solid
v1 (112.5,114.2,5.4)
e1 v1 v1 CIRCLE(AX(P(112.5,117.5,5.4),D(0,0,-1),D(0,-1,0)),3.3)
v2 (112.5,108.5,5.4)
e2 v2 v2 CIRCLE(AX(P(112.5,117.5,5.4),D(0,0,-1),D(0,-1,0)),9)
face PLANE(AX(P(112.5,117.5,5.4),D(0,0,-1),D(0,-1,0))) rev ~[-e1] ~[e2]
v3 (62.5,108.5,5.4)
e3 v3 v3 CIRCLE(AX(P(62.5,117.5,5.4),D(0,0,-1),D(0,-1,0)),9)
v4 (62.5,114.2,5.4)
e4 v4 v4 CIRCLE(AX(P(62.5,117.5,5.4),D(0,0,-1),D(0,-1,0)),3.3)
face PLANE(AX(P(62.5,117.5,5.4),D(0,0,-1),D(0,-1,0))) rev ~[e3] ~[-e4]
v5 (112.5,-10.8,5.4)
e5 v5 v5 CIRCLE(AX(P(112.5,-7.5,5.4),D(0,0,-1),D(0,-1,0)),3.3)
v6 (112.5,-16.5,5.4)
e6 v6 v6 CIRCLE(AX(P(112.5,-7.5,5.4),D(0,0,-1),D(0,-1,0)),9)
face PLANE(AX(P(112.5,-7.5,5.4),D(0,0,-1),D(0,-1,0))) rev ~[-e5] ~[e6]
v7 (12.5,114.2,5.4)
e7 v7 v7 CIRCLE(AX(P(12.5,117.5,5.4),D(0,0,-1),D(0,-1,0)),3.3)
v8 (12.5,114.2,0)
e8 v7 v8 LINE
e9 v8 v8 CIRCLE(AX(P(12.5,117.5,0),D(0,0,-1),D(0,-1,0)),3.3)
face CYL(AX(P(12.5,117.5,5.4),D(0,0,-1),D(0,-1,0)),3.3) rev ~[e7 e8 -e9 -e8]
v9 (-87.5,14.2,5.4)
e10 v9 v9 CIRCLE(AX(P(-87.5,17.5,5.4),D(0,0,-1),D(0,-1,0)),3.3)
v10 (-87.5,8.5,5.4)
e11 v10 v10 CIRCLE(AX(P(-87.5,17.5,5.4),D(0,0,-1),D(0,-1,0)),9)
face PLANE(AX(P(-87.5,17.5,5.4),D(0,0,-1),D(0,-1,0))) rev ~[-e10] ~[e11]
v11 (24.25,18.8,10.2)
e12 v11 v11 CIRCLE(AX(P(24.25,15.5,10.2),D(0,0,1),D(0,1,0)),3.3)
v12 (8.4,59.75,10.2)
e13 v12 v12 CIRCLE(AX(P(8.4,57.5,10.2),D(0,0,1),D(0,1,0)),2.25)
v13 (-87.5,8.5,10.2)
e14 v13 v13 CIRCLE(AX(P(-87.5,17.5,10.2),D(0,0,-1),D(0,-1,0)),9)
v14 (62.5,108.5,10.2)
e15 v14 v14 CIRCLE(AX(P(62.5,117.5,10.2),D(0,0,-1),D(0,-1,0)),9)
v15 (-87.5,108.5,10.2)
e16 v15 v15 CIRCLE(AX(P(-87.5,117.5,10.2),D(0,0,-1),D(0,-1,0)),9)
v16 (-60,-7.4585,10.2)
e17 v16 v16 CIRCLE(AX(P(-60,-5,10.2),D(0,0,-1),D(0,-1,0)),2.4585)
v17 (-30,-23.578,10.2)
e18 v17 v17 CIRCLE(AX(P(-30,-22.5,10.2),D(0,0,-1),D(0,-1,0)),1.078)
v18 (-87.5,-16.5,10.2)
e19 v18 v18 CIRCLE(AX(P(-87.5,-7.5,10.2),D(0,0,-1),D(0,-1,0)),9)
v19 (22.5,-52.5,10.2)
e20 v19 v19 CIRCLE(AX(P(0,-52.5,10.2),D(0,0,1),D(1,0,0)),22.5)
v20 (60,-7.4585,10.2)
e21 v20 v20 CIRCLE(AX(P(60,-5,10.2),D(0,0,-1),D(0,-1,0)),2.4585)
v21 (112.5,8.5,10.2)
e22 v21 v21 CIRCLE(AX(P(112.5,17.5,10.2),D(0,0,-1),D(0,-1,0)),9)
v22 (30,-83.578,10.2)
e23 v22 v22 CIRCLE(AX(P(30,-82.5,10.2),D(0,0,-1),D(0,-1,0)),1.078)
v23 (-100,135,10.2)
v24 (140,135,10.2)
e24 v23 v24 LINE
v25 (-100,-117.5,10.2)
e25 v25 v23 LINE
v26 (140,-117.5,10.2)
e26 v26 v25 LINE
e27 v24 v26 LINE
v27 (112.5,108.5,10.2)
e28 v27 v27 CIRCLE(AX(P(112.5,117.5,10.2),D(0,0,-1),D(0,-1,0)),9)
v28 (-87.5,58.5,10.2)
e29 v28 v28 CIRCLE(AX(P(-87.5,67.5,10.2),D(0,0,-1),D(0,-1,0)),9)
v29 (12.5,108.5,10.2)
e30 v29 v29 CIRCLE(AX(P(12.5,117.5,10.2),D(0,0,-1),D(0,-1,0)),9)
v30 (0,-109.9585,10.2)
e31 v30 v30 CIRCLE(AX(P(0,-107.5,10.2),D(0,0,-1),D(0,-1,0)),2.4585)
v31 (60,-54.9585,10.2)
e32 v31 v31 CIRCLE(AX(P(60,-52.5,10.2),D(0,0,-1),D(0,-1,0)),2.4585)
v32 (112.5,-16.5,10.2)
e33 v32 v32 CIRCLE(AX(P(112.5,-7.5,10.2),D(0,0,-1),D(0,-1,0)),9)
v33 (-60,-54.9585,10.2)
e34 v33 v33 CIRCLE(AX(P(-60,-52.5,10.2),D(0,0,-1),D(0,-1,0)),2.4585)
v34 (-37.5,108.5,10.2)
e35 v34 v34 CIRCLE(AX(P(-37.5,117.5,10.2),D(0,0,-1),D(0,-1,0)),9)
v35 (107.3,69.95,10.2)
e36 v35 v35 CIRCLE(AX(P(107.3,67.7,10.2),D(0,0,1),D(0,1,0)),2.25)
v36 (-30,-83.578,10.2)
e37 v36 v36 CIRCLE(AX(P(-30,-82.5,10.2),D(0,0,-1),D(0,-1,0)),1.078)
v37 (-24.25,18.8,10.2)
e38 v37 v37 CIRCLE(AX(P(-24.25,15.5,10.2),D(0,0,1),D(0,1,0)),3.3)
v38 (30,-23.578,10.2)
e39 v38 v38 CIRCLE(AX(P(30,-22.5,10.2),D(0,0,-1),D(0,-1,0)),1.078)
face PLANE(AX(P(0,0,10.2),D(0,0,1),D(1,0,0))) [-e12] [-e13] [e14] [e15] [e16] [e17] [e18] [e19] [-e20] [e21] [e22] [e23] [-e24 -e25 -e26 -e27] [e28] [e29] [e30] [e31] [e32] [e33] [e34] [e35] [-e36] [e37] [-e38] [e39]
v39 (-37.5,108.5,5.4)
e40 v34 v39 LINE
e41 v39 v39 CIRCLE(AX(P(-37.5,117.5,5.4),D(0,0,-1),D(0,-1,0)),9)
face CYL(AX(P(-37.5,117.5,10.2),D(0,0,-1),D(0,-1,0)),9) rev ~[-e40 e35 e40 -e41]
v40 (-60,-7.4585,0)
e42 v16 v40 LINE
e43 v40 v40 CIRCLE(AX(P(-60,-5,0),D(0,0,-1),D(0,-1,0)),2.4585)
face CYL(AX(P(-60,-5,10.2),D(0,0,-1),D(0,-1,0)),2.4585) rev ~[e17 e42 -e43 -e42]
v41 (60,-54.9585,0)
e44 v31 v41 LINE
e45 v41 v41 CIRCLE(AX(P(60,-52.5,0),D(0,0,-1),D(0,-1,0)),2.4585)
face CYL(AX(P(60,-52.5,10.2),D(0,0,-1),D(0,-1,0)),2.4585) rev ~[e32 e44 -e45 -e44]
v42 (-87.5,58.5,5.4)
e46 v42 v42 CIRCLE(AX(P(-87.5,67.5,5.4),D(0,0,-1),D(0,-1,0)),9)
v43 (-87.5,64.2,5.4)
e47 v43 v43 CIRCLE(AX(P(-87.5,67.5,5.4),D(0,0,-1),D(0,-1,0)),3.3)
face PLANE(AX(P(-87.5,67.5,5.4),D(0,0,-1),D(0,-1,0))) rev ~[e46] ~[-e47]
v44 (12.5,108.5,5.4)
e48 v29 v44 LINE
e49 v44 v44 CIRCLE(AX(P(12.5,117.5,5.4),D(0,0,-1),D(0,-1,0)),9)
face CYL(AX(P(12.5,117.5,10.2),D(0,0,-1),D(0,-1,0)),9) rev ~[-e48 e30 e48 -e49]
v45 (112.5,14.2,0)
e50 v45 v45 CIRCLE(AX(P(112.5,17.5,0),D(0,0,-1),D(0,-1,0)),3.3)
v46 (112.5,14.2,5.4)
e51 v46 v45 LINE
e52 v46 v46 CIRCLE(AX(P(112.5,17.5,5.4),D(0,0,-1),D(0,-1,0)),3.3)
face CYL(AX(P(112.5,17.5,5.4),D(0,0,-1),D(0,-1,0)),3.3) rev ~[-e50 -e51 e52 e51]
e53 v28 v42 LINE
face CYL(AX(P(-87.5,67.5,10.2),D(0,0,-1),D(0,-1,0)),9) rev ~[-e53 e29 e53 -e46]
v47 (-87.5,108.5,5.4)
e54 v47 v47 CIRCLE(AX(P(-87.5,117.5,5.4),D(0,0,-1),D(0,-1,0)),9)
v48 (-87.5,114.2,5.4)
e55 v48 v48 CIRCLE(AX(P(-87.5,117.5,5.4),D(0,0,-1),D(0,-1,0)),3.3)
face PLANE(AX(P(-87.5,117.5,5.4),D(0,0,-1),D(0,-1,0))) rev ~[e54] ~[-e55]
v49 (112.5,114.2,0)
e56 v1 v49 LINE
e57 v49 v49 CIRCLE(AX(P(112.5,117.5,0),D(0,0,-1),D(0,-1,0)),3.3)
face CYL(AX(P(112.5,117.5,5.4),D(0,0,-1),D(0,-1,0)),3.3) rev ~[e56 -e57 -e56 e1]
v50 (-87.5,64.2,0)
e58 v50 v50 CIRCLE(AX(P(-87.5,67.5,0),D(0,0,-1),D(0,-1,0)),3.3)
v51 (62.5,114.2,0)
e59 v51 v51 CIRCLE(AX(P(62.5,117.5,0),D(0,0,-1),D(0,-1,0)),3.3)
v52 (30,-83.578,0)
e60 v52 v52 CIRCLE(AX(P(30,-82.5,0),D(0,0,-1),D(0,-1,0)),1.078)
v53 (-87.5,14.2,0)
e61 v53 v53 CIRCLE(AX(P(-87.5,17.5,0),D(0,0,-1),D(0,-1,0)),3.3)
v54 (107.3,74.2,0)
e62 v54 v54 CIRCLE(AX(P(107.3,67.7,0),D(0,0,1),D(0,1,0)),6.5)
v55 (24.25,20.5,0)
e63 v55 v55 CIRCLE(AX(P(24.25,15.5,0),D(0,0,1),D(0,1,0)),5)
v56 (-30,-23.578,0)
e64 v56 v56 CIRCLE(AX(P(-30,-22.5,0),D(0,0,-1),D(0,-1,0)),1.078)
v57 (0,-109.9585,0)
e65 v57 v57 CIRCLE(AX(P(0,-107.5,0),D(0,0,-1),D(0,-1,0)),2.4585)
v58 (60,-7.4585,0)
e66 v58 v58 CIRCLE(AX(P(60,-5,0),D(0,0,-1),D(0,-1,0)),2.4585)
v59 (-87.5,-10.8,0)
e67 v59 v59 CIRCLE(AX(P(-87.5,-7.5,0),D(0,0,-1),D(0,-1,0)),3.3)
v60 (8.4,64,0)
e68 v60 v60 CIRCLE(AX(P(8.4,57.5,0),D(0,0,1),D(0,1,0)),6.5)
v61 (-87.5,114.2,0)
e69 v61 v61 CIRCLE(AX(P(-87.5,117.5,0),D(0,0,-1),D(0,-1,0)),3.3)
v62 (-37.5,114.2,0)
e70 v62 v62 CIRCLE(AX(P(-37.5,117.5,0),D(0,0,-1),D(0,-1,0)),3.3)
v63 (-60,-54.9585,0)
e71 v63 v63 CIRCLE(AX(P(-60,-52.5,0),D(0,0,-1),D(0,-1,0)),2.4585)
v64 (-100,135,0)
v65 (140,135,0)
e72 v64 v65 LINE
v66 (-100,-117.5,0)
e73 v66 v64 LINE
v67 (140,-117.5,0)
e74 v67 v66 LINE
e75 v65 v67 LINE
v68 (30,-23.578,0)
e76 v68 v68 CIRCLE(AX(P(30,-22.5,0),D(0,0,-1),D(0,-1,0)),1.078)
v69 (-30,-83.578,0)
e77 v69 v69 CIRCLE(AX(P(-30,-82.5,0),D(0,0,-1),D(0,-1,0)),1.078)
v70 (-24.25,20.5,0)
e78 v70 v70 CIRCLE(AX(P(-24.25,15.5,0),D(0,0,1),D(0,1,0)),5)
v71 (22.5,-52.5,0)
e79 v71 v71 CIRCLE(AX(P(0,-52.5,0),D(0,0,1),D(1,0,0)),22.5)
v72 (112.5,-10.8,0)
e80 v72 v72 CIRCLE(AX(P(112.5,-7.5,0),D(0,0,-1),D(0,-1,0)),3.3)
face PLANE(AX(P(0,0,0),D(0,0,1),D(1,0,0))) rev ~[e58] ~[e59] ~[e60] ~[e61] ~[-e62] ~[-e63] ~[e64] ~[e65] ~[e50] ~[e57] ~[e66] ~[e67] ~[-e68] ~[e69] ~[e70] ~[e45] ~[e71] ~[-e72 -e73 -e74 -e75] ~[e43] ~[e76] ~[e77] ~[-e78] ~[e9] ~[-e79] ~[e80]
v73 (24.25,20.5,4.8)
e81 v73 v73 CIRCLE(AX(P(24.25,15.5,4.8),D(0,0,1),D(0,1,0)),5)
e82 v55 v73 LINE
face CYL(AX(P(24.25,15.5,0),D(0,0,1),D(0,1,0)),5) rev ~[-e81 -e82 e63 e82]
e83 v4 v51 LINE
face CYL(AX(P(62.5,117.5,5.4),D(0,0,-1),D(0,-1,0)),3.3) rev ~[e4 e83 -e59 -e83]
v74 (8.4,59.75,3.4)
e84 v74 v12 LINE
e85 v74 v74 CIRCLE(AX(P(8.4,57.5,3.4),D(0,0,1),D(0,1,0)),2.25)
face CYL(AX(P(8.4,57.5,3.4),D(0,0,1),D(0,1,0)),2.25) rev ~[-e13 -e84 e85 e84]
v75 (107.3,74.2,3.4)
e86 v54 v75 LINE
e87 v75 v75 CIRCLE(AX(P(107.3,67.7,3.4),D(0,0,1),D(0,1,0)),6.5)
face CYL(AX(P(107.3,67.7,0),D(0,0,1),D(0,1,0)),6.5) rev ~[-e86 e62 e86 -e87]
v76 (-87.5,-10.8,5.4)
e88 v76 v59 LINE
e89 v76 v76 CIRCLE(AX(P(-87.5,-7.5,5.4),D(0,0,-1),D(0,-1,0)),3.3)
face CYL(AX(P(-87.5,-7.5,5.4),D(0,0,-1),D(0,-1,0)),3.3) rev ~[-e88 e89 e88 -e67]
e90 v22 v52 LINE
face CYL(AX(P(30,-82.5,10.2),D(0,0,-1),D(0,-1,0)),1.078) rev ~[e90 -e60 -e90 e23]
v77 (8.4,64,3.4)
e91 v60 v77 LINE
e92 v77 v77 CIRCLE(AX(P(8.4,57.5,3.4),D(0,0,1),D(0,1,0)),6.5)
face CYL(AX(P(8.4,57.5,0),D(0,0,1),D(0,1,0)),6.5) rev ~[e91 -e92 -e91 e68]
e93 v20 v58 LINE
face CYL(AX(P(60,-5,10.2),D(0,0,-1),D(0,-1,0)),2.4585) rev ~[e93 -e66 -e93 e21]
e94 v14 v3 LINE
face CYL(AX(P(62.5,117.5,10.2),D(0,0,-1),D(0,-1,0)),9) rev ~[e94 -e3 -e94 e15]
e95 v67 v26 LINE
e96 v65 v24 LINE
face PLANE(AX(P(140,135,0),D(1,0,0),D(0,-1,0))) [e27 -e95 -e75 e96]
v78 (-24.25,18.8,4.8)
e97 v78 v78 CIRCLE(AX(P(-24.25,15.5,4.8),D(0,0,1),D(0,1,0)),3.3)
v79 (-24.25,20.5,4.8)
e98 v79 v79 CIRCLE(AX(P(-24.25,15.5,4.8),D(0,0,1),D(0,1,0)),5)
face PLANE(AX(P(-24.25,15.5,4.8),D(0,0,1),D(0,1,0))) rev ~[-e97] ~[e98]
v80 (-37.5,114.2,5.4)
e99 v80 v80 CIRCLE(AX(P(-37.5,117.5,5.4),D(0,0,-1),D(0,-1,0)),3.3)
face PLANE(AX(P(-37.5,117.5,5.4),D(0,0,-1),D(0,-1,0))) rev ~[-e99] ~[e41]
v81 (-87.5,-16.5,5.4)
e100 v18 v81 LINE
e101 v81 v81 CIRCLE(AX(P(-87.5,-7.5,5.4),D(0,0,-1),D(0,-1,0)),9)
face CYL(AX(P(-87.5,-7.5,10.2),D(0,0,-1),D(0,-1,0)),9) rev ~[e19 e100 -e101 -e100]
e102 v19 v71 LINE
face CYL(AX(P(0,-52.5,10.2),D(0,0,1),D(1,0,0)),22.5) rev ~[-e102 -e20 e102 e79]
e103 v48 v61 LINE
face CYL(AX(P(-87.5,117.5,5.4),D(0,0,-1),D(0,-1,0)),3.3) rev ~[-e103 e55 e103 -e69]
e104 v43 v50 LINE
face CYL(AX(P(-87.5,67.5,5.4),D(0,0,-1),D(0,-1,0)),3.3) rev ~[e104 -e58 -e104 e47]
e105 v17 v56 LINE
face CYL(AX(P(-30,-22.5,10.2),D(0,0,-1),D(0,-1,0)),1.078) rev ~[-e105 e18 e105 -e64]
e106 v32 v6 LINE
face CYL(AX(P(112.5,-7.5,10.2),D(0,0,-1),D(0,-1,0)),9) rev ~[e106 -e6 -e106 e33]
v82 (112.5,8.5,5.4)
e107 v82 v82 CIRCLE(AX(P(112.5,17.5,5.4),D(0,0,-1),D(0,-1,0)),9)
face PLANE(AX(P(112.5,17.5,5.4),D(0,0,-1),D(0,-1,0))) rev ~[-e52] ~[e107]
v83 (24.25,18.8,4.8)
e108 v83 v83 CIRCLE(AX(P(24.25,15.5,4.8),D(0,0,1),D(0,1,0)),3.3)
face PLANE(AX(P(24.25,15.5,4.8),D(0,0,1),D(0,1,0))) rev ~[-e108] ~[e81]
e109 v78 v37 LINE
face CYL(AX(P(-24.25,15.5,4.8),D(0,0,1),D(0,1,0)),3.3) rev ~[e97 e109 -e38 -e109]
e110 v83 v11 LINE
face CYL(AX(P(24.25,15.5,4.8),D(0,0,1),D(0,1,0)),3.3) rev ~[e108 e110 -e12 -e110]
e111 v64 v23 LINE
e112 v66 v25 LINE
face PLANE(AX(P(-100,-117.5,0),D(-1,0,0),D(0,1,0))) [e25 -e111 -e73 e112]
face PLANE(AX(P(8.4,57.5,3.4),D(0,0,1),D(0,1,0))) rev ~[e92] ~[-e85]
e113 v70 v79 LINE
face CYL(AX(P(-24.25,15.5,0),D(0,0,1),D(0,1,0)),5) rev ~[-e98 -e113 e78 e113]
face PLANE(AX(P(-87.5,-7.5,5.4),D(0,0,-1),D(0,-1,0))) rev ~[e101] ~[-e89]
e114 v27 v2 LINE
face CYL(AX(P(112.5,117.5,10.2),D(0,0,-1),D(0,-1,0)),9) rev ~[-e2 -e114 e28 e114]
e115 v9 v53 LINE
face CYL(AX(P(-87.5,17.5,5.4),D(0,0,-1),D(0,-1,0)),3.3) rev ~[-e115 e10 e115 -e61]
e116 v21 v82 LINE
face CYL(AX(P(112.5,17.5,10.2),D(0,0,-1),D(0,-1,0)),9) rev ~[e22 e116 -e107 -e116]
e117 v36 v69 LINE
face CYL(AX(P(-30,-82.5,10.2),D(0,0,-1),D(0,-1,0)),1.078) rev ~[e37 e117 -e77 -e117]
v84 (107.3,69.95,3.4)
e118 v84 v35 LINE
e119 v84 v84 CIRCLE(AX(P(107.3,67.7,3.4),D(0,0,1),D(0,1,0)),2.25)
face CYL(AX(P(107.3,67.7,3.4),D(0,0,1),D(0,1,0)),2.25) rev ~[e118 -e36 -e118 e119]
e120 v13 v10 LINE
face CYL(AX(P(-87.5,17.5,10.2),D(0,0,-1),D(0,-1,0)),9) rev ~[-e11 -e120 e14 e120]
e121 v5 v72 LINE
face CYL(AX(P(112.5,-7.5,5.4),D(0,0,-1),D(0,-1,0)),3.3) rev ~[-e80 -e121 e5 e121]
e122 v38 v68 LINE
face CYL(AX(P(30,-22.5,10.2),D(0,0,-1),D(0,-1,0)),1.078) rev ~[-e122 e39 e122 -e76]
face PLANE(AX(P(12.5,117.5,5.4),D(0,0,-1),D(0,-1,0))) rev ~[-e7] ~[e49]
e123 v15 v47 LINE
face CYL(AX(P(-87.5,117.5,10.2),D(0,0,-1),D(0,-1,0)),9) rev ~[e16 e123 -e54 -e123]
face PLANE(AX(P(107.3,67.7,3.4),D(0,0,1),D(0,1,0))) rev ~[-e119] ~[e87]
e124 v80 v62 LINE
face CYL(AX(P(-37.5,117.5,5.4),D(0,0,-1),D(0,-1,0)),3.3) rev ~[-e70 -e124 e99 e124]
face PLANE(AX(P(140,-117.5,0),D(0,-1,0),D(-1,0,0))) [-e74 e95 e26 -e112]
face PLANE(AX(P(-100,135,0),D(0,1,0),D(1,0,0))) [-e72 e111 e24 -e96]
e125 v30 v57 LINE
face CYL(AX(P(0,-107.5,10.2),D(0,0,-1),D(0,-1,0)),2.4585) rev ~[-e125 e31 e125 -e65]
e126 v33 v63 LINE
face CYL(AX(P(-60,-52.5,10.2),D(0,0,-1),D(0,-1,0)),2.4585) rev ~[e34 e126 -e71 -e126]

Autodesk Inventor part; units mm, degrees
ref_plane "YZ Plane" through (0, 0, 0) normal (1, 0, 0) x (0, 1, 0)
ref_plane "XZ Plane" through (0, 0, 0) normal (0, 1, 0) x (-1, 0, 0)
ref_plane "XY Plane" through (0, 0, 0) normal (0, 0, 1) x (1, 0, 0)
sketch "Sketch1" plane through (0, 0, 0) normal (0, 0, 1) x (1, 0, 0)
  line L0 (-100, 135) -> (140, 135)
  line L1 (140, 135) -> (140, -117.5)
  line L2 (140, -117.5) -> (-100, -117.5)
  line L3 (-100, -117.5) -> (-100, 135)
  point P0 (0, 0)
  dimension "d0" = 240
  dimension "d1" = 140
  dimension "d2" = 252.5
  dimension "d3" = 135
extrude "baseExtrusion" add sketch "Sketch1" along normal blind 10.2
sketch "Sketch2" plane through (0, 0, 10.2) normal (0, 0, 1) x (1, 0, 0)
  circle A0 centre (0, -52.5) radius 22.5
  line L0 (-100, -117.5) -> (140, -117.5) projected
  point P0 (0, 0)
  dimension "d6" = 45
  dimension "d7" = 65
extrude "objectiveExtrusion" cut sketch "Sketch2" against normal through all
sketch "Sketch3" plane through (0, 0, 10.2) normal (0, 0, 1) x (1, 0, 0)
  circle A0 centre (0, -52.5) radius 22.5 projected
  point P0 (0, 0)
  point P1 (-30, -22.5)
  point P2 (30, -22.5)
  point P3 (-30, -82.5)
  point P4 (30, -82.5)
  dimension "d10" = 60
  dimension "d11" = 60
  dimension "d12" = 30
  dimension "d41" = 30
hole "60mmCageRodThread" at (-30, -22.5, 10.2) at (30, -22.5, 10.2) at (-30, -82.5, 10.2) at (30, -82.5, 10.2) direction (0, 0, -1) diameter 2.156 end through all thread size "4-40 UNC" class "2B" standard "ANSI Unified Screw Threads"
sketch "Sketch4" plane through (0, 0, 10.2) normal (0, 0, 1) x (1, 0, 0)
  circle A0 centre (0, -52.5) radius 22.5 projected
  line L0 (-100, 135) -> (-100, -117.5) projected
  point P0 (0, 0)
  point P1 (-87.5, 117.5)
  point P2 (112.5, 117.5)
  point P3 (-87.5, 17.5)
  point P4 (112.5, 17.5)
  point P5 (12.5, 117.5)
  point P6 (-37.5, 117.5)
  point P7 (62.5, 117.5)
  point P8 (-87.5, -7.5)
  point P9 (112.5, -7.5)
  point P10 (-87.5, 67.5)
  dimension "d20" = 200
  dimension "d21" = 100
  dimension "d23" = 70
  dimension "d74" = 100
  dimension "d75" = 25
  dimension "d76" = 50
  dimension "d77" = 50
  dimension "d78" = 12.5
  dimension "d79" = 50
hole "m6BreadoardMountingHoles" at (-87.5, 117.5, 10.2) at (112.5, 117.5, 10.2) at (-87.5, 17.5, 10.2) at (112.5, 17.5, 10.2) at (12.5, 117.5, 10.2) at (-87.5, -7.5, 10.2) at (112.5, -7.5, 10.2) at (62.5, 117.5, 10.2) at (-37.5, 117.5, 10.2) at (-87.5, 67.5, 10.2) direction (0, 0, -1) diameter 6.6 end through all counterbore diameter 18 counterbore depth 4.8 clearance for "Hex Head Cap Screw ISO 24017" size "M6" standard "ISO"
sketch "Sketch5" plane through (0, 0, 0) normal (0, 0, -1) x (-1, 0, 0)
  circle A0 centre (0, -52.5) radius 22.5 projected
  point P0 (0, 0)
  point P1 (-8.4, 57.5)
  point P2 (-107.3, 67.7)
  dimension "d31" = 110
  dimension "d40" = 8.4
  dimension "d72" = 98.9
  dimension "d73" = 10.2
hole "m4MirrorTLMountingHoles" at (8.4, 57.5, 0) at (107.3, 67.7, 0) direction (0, 0, 1) diameter 4.5 end through all counterbore diameter 13 counterbore depth 3.4 clearance for "Hex Head Cap Screw ISO 24017" size "M4" standard "ISO"
sketch "Sketch6" plane through (0, 0, 10.2) normal (0, 0, 1) x (1, 0, 0)
  circle A0 centre (-30, -22.5) radius 1.078 projected
  point P0 (0, 0)
  point P1 (-60, -5)
  point P2 (60, -5)
  point P3 (-60, -52.5)
  point P4 (60, -52.5)
  point P5 (0, -107.5)
  dimension "d42" = 120
  dimension "d43" = 60
  dimension "d44" = 47.5
  dimension "d45" = 55
  dimension "d46" = 30
hole "m6objectiveHolderMountingHoles" at (-60, -5, 10.2) at (60, -5, 10.2) at (-60, -52.5, 10.2) at (60, -52.5, 10.2) at (0, -107.5, 10.2) direction (0, 0, -1) diameter 4.917 end through all thread size "M6x1" class "6H" standard "ISO Metric profile"
sketch "Sketch7" plane through (0, 0, 0) normal (0, 0, -1) x (-1, 0, 0)
  circle A0 centre (0, -52.5) radius 22.5 projected
  point P0 (0, 0)
  point P1 (-24.25, 15.5)
  point P2 (24.25, 15.5)
  dimension "d54" = 48.5
  dimension "d55" = 24.25
  dimension "d56" = 68
hole "filterwheelMountingHoles" at (24.25, 15.5, 0) at (-24.25, 15.5, 0) direction (0, 0, 1) diameter 6.6 depth 17.1 tip angle 118 counterbore diameter 10 counterbore depth 4.8 clearance for "Hex Head Cap Screw ISO 24017" size "M6" standard "ISO"
equation "\"d12\" = 0.5 * d11"
equation "\"d74\" = 0.5 * d20"
equation "\"d76\" = 0.5 * d74"
equation "\"d77\" = d76"
equation "\"d79\" = 0.5 * d21"
equation "\"d43\" = 0.5 * d42"
equation "\"d55\" = 0.5 * d54"
properties part number "detectionObjHolder"
